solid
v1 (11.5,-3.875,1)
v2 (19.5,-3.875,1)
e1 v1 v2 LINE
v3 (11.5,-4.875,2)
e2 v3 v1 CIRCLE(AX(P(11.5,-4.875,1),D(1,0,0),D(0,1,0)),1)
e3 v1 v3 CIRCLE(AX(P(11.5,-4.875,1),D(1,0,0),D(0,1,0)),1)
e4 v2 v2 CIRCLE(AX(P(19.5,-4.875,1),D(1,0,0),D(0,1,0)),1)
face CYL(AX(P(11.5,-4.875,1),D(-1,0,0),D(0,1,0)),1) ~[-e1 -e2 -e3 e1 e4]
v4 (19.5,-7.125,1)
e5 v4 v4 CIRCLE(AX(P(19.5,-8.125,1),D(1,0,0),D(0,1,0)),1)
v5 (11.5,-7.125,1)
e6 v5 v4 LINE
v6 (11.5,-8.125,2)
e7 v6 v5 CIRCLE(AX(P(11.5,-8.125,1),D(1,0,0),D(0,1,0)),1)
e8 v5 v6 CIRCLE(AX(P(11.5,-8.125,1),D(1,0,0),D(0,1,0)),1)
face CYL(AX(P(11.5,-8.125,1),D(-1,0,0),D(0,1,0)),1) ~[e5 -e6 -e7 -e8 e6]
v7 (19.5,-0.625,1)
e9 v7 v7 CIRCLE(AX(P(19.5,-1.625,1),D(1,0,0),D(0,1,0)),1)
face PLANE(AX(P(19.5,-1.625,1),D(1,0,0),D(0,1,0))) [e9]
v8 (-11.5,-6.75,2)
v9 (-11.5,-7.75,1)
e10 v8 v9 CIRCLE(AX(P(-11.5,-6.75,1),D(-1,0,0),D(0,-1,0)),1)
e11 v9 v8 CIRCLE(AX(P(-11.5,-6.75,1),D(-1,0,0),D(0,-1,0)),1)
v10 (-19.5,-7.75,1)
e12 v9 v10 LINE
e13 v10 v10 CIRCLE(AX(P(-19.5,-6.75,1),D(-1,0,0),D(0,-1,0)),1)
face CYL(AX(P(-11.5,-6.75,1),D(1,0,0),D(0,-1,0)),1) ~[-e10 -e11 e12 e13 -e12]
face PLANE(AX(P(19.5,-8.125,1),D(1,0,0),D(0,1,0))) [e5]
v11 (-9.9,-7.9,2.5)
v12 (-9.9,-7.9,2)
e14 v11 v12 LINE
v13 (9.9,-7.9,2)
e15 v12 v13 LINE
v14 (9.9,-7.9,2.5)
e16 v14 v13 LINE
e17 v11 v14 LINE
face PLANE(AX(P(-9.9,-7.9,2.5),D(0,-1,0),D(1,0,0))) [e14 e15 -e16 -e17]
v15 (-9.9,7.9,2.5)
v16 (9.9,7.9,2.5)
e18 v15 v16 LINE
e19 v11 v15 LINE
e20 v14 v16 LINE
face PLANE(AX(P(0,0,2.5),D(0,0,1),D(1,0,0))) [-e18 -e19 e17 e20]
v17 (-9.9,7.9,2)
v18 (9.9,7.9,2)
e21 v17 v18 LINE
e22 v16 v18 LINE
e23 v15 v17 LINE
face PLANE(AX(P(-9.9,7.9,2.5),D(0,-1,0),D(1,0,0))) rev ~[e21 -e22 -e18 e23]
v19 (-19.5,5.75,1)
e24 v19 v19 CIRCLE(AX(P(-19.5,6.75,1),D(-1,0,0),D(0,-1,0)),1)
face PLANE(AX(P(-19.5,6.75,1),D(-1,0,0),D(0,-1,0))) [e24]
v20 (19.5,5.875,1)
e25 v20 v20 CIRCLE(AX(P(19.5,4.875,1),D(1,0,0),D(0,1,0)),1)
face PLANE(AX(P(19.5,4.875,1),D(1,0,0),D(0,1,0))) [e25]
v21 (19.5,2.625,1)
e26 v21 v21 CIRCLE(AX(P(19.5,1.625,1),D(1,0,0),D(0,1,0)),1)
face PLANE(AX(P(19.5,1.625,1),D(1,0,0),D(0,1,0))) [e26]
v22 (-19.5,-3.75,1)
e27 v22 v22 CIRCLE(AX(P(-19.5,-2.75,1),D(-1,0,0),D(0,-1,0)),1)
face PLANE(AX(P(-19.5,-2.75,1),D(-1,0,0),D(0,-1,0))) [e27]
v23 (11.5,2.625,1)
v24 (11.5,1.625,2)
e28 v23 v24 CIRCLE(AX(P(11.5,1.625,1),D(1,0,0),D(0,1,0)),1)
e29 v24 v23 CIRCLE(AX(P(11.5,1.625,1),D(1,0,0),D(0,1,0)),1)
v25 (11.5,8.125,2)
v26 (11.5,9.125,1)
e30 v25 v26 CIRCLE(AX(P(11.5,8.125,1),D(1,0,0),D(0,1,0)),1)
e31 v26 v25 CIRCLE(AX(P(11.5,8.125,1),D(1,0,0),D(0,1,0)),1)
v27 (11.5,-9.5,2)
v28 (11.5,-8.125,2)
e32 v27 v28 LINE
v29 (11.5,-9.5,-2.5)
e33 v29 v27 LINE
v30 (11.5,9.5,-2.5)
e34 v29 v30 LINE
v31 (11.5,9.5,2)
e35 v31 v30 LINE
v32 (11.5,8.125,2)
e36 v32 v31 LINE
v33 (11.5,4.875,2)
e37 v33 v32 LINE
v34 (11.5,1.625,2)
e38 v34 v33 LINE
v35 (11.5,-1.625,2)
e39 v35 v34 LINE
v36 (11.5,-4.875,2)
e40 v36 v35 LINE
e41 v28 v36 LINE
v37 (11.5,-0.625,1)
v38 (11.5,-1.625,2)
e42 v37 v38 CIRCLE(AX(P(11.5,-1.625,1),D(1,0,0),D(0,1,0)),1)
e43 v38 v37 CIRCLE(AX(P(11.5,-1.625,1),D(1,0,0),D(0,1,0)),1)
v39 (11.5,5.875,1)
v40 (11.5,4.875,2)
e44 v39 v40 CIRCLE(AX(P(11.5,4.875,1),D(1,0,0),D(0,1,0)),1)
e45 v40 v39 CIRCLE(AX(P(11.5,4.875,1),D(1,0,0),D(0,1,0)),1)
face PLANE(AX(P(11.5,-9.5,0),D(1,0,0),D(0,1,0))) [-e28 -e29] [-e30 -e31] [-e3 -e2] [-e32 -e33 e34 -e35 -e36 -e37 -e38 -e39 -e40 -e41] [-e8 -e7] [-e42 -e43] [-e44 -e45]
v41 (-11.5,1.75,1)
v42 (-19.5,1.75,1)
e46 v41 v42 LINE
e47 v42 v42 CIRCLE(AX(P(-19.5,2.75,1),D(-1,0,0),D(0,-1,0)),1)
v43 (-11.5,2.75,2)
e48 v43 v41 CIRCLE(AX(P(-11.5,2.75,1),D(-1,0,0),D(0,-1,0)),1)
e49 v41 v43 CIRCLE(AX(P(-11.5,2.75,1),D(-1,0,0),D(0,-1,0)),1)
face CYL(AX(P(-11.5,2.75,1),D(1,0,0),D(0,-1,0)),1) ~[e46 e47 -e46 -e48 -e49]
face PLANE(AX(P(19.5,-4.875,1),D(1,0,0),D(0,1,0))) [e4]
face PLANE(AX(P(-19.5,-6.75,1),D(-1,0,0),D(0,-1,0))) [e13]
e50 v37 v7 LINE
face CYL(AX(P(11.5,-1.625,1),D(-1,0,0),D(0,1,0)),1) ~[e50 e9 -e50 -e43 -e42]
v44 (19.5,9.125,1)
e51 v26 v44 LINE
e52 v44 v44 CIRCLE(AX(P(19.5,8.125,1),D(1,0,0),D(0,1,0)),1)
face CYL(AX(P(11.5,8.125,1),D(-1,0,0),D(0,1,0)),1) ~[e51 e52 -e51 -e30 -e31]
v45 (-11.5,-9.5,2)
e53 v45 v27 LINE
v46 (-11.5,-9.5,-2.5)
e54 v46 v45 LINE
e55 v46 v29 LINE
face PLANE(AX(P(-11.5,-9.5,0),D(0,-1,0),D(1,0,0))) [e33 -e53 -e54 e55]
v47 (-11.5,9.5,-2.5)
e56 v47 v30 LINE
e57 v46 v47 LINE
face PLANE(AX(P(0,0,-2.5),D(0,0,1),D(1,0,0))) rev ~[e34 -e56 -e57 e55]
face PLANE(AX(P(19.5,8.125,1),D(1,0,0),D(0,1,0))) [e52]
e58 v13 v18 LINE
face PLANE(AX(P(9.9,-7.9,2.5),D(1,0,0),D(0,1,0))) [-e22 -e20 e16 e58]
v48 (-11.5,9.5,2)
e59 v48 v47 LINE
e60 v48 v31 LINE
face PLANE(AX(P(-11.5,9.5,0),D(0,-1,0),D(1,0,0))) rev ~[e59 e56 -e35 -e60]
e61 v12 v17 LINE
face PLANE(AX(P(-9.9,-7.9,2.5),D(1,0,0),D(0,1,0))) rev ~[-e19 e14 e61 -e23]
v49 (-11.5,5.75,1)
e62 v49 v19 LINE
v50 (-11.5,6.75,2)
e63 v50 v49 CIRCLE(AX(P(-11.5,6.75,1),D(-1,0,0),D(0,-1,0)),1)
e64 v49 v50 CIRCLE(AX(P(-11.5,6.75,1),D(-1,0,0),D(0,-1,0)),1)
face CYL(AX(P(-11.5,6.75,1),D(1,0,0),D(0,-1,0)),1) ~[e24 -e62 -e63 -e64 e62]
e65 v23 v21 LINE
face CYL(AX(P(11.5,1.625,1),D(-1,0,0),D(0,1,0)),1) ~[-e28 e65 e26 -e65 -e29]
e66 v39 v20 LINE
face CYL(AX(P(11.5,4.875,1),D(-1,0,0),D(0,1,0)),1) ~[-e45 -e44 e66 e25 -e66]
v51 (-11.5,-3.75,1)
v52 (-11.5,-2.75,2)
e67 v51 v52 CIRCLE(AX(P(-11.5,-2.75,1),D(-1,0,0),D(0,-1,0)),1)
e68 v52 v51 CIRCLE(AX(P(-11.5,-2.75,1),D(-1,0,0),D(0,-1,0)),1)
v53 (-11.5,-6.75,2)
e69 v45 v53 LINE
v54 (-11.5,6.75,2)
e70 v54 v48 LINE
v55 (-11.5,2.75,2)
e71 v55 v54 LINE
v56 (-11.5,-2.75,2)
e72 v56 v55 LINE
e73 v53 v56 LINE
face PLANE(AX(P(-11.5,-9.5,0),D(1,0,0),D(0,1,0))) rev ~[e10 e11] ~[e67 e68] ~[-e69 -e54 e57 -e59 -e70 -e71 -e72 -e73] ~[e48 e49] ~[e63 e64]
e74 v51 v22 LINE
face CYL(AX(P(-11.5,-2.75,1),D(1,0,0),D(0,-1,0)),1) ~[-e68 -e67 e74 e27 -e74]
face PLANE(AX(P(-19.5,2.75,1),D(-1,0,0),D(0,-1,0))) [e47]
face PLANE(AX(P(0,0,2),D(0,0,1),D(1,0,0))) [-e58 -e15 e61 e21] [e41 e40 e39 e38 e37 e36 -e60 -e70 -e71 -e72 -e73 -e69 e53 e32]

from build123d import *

# Parameters (mm, degrees)
F0_W     = 23
F0_H     = 19
F1_DEPTH = 2.5
F2_R     = 1
F3_DEPTH = 8
F4_R     = 1
F5_DEPTH = 8
F6_W     = 23
F6_H     = 19
F6_W_2   = 19.8
F6_H_2   = 15.8
F7_DEPTH = 0.5


with BuildPart() as f1:
    # F0 (on Top) → F1 (new body, symmetric)
    with BuildSketch(Plane.XY):
        Rectangle(F0_W, F0_H)
    extrude(amount=F1_DEPTH, both=True)

    # F2 (on face) → F3 (join)
    with BuildSketch(Plane.YZ.offset(11.5)):
        with Locations((-8.125, 1)):
            Circle(F2_R)
        with Locations((-4.875, 1)):
            Circle(F2_R)
        with Locations((-1.625, 1)):
            Circle(F2_R)
        with Locations((1.625, 1)):
            Circle(F2_R)
        with Locations((4.875, 1)):
            Circle(F2_R)
        with Locations((8.125, 1)):
            Circle(F2_R)
    extrude(amount=F3_DEPTH)

    # F4 (on face) → F5 (join)
    with BuildSketch(Plane(origin=(-11.5, 0, 0), x_dir=(0, -1, 0), z_dir=(-1, 0, 0))):
        with Locations((-6.75, 1)):
            Circle(F4_R)
        with Locations((-2.75, 1)):
            Circle(F4_R)
        with Locations((2.75, 1)):
            Circle(F4_R)
        with Locations((6.75, 1)):
            Circle(F4_R)
    extrude(amount=F5_DEPTH)

    # F6 (on face) → F7 (cut)
    with BuildSketch(Plane.XY.offset(2.5)):
        Rectangle(F6_W, F6_H)
        Rectangle(F6_W_2, F6_H_2, mode=Mode.SUBTRACT)
    extrude(amount=-F7_DEPTH, mode=Mode.SUBTRACT)


solid = f1.part
